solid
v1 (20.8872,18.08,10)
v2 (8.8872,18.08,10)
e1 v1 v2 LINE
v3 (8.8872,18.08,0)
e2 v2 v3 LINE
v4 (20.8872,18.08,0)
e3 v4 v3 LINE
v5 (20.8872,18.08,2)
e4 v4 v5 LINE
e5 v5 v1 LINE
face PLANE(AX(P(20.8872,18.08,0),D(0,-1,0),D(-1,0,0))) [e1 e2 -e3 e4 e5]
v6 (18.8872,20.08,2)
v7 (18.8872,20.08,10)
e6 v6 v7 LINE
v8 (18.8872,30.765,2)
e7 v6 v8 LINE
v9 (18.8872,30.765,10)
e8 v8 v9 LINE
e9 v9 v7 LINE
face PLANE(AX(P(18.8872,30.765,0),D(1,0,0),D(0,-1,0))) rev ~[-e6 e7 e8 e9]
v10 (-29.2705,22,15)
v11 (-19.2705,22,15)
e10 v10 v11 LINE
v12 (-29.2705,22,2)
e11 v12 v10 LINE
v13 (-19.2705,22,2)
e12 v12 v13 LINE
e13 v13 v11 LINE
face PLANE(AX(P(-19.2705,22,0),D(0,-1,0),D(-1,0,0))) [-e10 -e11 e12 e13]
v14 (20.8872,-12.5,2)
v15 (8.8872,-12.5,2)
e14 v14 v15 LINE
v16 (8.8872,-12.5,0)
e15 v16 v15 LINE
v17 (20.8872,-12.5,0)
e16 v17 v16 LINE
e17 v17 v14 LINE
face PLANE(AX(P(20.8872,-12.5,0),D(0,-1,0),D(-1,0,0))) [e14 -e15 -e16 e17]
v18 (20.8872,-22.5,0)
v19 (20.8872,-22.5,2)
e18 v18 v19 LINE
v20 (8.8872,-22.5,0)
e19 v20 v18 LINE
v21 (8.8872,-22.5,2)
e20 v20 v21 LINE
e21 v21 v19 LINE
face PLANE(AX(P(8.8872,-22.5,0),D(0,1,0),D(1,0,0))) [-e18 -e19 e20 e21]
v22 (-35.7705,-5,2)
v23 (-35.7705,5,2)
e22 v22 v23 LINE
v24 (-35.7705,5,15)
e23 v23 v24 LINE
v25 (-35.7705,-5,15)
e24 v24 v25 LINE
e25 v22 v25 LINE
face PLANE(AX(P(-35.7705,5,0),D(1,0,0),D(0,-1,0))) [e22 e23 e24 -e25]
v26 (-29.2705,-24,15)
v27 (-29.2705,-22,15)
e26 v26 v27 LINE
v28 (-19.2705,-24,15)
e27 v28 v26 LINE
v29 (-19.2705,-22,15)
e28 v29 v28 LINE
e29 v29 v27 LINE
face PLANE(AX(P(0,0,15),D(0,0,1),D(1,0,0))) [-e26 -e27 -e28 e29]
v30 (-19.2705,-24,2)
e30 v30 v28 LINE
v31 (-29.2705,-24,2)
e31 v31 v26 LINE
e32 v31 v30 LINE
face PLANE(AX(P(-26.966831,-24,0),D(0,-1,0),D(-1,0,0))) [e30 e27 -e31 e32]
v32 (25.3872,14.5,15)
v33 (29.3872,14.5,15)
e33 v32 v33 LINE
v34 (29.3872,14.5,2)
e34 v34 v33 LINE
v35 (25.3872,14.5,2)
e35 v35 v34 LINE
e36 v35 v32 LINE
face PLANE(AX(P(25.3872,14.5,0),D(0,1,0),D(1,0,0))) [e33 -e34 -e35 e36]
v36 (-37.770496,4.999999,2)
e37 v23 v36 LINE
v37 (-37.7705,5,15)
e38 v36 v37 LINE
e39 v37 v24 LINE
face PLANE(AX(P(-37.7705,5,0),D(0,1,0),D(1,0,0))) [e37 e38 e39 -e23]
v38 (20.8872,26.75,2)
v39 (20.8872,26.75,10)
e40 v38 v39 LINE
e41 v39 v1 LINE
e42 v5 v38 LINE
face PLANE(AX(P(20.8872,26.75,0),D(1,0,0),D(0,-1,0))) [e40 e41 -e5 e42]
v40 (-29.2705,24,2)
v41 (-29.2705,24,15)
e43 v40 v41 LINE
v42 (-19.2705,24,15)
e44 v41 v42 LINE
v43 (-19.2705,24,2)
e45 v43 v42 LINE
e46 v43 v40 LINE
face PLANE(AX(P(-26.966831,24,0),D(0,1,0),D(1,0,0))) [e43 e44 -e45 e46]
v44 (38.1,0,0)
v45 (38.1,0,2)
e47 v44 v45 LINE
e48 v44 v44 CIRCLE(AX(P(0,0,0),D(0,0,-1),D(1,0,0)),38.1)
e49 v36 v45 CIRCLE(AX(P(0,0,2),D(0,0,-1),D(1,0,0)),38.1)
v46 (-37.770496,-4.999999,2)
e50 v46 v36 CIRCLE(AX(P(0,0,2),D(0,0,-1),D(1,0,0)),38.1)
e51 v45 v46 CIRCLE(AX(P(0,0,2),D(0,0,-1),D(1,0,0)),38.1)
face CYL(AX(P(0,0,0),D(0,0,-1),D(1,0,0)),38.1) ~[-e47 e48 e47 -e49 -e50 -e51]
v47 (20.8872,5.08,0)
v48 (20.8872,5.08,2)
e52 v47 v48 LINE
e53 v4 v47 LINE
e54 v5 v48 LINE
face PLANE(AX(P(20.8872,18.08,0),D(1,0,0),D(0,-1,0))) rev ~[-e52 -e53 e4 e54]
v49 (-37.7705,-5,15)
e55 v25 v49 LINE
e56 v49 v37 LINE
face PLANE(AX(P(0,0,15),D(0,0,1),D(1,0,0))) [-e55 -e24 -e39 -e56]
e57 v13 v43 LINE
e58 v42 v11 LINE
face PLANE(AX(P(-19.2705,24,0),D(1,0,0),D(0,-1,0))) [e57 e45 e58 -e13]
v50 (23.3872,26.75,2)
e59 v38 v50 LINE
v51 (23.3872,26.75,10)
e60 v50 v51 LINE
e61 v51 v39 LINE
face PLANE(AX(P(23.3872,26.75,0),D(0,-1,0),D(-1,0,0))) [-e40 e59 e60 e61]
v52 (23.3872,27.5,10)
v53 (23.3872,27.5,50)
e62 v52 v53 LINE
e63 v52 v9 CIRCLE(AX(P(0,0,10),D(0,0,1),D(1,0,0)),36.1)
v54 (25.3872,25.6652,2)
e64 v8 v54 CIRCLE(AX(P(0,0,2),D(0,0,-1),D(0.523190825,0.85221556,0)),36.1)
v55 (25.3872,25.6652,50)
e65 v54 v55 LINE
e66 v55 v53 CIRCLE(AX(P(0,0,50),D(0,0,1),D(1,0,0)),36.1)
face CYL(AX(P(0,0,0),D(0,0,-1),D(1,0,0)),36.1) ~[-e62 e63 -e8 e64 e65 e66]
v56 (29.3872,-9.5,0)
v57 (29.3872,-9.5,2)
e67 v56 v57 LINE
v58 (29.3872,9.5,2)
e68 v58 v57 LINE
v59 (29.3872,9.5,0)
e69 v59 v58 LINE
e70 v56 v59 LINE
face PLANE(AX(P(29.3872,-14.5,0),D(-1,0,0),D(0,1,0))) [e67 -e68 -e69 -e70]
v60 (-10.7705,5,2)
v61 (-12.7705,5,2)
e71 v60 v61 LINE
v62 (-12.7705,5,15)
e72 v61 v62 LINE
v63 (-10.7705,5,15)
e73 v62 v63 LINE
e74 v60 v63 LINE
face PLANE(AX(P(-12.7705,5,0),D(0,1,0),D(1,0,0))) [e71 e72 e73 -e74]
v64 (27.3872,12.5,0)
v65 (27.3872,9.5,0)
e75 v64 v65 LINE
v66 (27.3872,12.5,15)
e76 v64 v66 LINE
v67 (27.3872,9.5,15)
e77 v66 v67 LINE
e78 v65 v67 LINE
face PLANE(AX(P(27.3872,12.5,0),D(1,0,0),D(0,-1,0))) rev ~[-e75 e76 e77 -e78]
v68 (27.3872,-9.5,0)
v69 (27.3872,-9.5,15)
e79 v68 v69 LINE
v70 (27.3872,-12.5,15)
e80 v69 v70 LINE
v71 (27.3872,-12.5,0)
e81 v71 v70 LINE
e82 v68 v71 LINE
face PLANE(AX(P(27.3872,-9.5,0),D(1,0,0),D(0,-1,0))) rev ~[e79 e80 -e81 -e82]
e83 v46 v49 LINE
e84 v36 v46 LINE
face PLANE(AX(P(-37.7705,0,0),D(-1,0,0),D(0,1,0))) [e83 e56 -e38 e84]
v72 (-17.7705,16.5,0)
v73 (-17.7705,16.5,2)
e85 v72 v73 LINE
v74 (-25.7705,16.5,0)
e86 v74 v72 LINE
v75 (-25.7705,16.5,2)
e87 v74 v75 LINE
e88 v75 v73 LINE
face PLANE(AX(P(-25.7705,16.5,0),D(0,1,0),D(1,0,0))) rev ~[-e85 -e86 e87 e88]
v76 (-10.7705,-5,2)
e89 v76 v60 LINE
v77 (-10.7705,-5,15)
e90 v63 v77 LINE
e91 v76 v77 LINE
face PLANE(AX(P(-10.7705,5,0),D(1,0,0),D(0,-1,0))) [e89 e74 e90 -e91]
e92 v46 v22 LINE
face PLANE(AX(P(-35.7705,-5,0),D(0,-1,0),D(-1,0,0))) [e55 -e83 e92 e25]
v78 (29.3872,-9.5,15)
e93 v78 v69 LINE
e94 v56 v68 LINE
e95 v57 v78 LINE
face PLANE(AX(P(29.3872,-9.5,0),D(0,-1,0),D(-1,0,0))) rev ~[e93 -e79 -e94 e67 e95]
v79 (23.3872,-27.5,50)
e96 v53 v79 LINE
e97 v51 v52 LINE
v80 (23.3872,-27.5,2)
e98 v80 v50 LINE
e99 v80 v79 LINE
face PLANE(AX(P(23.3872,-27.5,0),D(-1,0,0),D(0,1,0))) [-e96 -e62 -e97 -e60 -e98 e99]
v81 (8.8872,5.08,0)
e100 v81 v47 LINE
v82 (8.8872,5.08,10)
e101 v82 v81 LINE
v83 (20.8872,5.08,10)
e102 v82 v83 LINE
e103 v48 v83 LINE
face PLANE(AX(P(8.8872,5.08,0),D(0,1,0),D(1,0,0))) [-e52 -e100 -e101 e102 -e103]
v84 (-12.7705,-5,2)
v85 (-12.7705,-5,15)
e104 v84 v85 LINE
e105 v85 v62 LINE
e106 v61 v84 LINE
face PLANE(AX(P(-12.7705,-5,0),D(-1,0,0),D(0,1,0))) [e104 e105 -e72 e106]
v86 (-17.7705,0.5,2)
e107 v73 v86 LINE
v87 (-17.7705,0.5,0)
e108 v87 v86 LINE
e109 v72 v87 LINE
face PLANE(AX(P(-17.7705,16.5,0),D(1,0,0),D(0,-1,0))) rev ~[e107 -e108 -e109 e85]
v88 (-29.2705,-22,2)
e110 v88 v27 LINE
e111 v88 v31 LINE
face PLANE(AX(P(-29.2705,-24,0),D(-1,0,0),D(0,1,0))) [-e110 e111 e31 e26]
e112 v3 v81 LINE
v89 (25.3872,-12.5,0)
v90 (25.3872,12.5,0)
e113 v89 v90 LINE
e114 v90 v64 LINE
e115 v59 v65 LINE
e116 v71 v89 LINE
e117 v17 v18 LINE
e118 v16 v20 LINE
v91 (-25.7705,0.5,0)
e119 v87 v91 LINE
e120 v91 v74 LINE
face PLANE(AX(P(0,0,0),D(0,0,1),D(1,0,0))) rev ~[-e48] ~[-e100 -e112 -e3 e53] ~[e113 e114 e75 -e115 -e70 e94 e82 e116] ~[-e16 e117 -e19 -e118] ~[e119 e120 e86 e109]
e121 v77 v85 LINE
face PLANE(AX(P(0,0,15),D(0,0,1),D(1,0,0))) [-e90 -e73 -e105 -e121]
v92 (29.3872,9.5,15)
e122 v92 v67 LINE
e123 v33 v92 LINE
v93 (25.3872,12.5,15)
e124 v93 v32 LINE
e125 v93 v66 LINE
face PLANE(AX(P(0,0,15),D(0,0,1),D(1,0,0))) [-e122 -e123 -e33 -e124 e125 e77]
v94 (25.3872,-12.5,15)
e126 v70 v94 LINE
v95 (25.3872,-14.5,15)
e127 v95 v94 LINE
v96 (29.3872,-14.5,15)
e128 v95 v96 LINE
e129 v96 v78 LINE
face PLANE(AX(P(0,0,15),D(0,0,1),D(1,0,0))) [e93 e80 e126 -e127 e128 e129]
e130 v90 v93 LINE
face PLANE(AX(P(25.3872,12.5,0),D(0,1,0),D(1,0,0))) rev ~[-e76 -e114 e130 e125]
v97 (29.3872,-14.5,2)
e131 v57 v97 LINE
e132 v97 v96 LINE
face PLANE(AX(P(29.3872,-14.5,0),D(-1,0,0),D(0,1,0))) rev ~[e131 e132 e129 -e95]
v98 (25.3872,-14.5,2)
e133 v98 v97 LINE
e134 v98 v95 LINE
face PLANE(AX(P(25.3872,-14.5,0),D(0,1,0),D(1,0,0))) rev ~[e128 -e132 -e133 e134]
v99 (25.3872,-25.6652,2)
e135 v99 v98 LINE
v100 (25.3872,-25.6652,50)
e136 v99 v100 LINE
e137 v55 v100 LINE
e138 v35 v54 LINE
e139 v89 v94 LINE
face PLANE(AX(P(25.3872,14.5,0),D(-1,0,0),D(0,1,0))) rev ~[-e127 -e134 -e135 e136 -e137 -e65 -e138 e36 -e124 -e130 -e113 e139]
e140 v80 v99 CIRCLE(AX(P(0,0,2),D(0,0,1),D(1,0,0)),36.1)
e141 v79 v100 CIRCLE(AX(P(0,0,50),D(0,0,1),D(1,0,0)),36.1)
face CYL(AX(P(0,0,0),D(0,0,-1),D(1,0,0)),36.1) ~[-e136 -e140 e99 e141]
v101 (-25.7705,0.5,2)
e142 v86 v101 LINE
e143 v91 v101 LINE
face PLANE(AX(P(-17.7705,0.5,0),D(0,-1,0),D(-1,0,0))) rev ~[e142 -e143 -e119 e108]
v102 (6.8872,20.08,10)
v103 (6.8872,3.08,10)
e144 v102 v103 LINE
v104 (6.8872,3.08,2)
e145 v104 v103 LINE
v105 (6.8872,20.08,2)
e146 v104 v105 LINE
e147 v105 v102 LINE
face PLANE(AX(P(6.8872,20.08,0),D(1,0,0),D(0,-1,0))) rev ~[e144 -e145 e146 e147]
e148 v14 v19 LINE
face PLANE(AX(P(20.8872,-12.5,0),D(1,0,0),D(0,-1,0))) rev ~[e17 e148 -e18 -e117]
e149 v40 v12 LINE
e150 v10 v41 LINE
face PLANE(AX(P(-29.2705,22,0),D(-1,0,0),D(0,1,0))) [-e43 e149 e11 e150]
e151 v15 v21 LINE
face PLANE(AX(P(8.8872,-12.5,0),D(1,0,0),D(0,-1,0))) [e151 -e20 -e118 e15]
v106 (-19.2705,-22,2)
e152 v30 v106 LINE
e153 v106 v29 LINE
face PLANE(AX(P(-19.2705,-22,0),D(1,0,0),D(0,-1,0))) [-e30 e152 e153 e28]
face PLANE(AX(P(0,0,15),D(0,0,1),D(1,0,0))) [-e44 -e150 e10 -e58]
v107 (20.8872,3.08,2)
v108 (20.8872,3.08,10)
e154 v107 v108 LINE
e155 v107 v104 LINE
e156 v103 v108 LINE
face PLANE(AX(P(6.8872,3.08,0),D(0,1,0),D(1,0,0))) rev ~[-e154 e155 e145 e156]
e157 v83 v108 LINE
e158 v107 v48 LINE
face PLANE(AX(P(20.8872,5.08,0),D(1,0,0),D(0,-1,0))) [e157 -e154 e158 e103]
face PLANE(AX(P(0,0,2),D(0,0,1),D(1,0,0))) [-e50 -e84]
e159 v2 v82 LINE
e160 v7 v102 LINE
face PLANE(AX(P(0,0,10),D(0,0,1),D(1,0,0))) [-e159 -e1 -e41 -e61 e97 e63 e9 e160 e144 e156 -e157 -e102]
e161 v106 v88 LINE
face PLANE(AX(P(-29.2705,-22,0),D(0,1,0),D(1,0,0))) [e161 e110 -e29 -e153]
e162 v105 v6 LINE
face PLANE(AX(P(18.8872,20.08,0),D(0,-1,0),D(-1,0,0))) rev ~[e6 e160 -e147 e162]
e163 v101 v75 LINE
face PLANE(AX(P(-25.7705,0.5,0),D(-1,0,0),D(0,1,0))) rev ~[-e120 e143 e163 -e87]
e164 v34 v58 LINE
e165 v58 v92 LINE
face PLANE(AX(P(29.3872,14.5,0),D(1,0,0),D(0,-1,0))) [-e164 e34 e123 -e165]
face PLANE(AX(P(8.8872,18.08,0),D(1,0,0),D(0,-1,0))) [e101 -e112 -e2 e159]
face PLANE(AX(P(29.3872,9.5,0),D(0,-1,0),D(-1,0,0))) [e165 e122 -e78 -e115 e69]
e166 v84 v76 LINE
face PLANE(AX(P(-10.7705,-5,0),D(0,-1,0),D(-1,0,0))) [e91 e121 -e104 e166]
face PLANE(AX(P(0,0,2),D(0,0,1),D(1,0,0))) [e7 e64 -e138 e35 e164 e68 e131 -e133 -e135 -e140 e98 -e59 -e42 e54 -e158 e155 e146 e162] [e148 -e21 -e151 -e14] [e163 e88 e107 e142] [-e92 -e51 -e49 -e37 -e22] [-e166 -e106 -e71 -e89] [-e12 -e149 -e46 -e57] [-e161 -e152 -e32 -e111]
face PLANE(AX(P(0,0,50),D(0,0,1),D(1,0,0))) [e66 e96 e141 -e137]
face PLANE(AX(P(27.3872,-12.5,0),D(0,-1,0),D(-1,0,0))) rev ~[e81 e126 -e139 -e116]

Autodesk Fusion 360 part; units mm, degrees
sketch "Sketch1" plane through (0, 0, 0) normal (0, 0, 1) x (1, 0, 0)
  circle A0 centre (0, 0) radius 38.1
  circle A1 centre (0, 0) radius 36.1
  line L0 (23.3872, -27.5) -> (23.3872, 27.5)
  line L1 (25.3872, -25.6652) -> (25.3872, 25.6652)
  line L2 (25.3872, 12.5) -> (27.3872, 12.5)
  line L3 (27.3872, 12.5) -> (27.3872, -12.5)
  line L4 (27.3872, -12.5) -> (25.3872, -12.5)
  line L5 (25.3872, -12.5) -> (25.3872, 12.5)
  line L6 (25.3872, 14.5) -> (29.3872, 14.5)
  line L7 (29.3872, 14.5) -> (29.3872, 9.5)
  line L8 (29.3872, 9.5) -> (27.3872, 9.5)
  line L9 (25.3872, -14.5) -> (29.3872, -14.5)
  line L10 (29.3872, -14.5) -> (29.3872, -9.5)
  line L11 (29.3872, -9.5) -> (27.3872, -9.5)
  line L12 (1.75, 0) -> (22.5, 0)
  line L13 (23.3872, 26.75) -> (20.8872, 26.75)
  line L14 (20.8872, 26.75) -> (20.8872, -26.75)
  line L15 (20.8872, -26.75) -> (23.3872, -26.75)
  line L16 (23.3872, -26.75) -> (23.3872, 26.75)
  line L17 (20.8872, 18.08) -> (8.8872, 18.08)
  line L18 (8.8872, 18.08) -> (8.8872, 5.08)
  line L19 (8.8872, 5.08) -> (20.8872, 5.08)
  line L20 (20.8872, 5.08) -> (20.8872, 18.08)
  line L21 (20.8872, -12.5) -> (8.8872, -12.5)
  line L22 (8.8872, -12.5) -> (8.8872, -22.5)
  line L23 (8.8872, -22.5) -> (20.8872, -22.5)
  line L24 (20.8872, -22.5) -> (20.8872, -12.5)
  line L25 (29.3872, -9.5) -> (29.3872, 9.5)
  line L26 (0, -38.1) -> (0, 38.1) construction
  line L27 (-38.1, 0) -> (38.1, 0) construction
  line L28 (26.9408, -26.9408) -> (-26.9408, 26.9408) construction
  line L29 (26.9408, 26.9408) -> (-26.9408, -26.9408) construction
  line L30 (0, 36.1) -> (0, 38.1)
  line L31 (-25.5266, 25.5266) -> (-26.9408, 26.9408)
  line L32 (-36.1, 0) -> (-38.1, 0)
  line L33 (-26.9408, -26.9408) -> (-25.5266, -25.5266)
  line L34 (0, -38.1) -> (0, -36.1)
  line L35 (26.9408, -26.9408) -> (25.5266, -25.5266)
  line L36 (38.1, 0) -> (36.1, 0)
  line L37 (26.9408, 26.9408) -> (25.5266, 25.5266)
  line L38 (18.8872, 30.765) -> (18.8872, 20.08)
  line L39 (18.8872, 20.08) -> (6.8872, 20.08)
  line L40 (6.8872, 20.08) -> (6.8872, 3.08)
  line L41 (6.8872, 3.08) -> (20.8872, 3.08)
  line L42 (-37.7705, 5) -> (-35.7705, 5)
  line L43 (-35.7705, 5) -> (-35.7705, -5)
  line L44 (-35.7705, -5) -> (-37.7705, -5)
  line L45 (-37.7705, -5) -> (-37.7705, 5)
  line L46 (-12.7705, 5) -> (-10.7705, 5)
  line L47 (-10.7705, 5) -> (-10.7705, -5)
  line L48 (-10.7705, -5) -> (-12.7705, -5)
  line L49 (-12.7705, -5) -> (-12.7705, 5)
  line L50 (-29.2705, 24) -> (-19.2705, 24)
  line L51 (-19.2705, 24) -> (-19.2705, 22)
  line L52 (-19.2705, 22) -> (-29.2705, 22)
  line L53 (-29.2705, 22) -> (-29.2705, 24)
  line L54 (-29.2705, -22) -> (-19.2705, -22)
  line L55 (-19.2705, -22) -> (-19.2705, -24)
  line L56 (-19.2705, -24) -> (-29.2705, -24)
  line L57 (-29.2705, -24) -> (-29.2705, -22)
  line L58 (-25.7705, 16.5) -> (-17.7705, 16.5)
  line L59 (-17.7705, 16.5) -> (-17.7705, 0.5)
  line L60 (-17.7705, 0.5) -> (-25.7705, 0.5)
  line L61 (-25.7705, 0.5) -> (-25.7705, 16.5)
  point P0 (27.3872, 0)
  point P1 (20.8872, 0)
  point P2 (-33.5, 0)
  point P3 (-20, 24)
  point P4 (-35.7705, 0)
  point P5 (-24.2705, 0)
  point P6 (-24.2705, 22)
  dimension "d1" = 76.2
  dimension "d2" = 2
  dimension "d3" = 55
  dimension "d4" = 2
  dimension "d5" = 2
  dimension "d6" = 2
  dimension "d7" = 2
  dimension "d8" = 3
  dimension "d9" = 25
  dimension "d10" = 2
  dimension "d11" = 2.5
  dimension "d12" = 53.5
  dimension "d13" = 13
  dimension "d14" = 12
  dimension "d15" = 8.67
  dimension "d16" = 10
  dimension "d17" = 12
  dimension "d18" = 4.25
  dimension "d23" = 45
  dimension "d27" = 2
  dimension "d28" = 2
  dimension "d29" = 2
  dimension "d30" = 2
  dimension "d45" = 10
  dimension "d46" = 2
  dimension "d47" = 11.5
  dimension "d48" = 11.5
  dimension "d49" = 22
  dimension "d50" = 22
  dimension "d51" = 16
  dimension "d52" = 8
  dimension "d53" = 1.5
  dimension "d54" = 5.5
extrude "Extrude1" add sketch "Sketch1" along normal blind 2 contours A0 A1 L36 L37 | A0 A1 L35 L36 | A0 A1 L30 L37 | A0 A1 L34 L35 | A1 L1 L6 L7 L9 L10 L25 | A0 A1 L30 L31 | A0 A1 L33 L34 | A0 A1 L31 L42 L43 L50 L52 L53 | A1 L0 L14 L15 L21 L22 L23 L38 L39 L40 L41 L43 L50 L51 L52 L54 L55 L56 | A0 A1 L33 L43 L44 L54 L56 L57 | A0 L32 L45 | A1 L32 L42 L43 L45 | A1 L0 L13 L14 L17 L18 L19 L38 L39 L40 L41 | A1 L32 L43 L44 L45 | A0 L32 L45 | A1 L50 L51 L52 | A1 L50 L52 L53 | L0 L13 L14 L15 L16 L20 L24 | A1 L54 L56 L57 | A1 L54 L55 L56 | A1 L43 | L46 L47 L48 L49
extrude "Extrude4" add sketch "Sketch1" along normal blind 10 contours A1 L0 L13 L14 L17 L18 L19 L38 L39 L40 L41
extrude "Extrude6" add sketch "Sketch1" along normal blind 50 contours A1 L0 L1 L5 L16
extrude "Extrude7" add sketch "Sketch1" along normal blind 15 contours A1 L32 L42 L43 L45 | L1 L2 L3 L6 L7 L8 | A1 L32 L43 L44 L45 | L1 L3 L4 L9 L10 L11 | A1 L50 L51 L52 | A1 L50 L52 L53 | A1 L54 L56 L57 | A1 L54 L55 L56 | A1 L43 | L46 L47 L48 L49
equation "d47 = ( 23 / 2 ) * 1 mm"
